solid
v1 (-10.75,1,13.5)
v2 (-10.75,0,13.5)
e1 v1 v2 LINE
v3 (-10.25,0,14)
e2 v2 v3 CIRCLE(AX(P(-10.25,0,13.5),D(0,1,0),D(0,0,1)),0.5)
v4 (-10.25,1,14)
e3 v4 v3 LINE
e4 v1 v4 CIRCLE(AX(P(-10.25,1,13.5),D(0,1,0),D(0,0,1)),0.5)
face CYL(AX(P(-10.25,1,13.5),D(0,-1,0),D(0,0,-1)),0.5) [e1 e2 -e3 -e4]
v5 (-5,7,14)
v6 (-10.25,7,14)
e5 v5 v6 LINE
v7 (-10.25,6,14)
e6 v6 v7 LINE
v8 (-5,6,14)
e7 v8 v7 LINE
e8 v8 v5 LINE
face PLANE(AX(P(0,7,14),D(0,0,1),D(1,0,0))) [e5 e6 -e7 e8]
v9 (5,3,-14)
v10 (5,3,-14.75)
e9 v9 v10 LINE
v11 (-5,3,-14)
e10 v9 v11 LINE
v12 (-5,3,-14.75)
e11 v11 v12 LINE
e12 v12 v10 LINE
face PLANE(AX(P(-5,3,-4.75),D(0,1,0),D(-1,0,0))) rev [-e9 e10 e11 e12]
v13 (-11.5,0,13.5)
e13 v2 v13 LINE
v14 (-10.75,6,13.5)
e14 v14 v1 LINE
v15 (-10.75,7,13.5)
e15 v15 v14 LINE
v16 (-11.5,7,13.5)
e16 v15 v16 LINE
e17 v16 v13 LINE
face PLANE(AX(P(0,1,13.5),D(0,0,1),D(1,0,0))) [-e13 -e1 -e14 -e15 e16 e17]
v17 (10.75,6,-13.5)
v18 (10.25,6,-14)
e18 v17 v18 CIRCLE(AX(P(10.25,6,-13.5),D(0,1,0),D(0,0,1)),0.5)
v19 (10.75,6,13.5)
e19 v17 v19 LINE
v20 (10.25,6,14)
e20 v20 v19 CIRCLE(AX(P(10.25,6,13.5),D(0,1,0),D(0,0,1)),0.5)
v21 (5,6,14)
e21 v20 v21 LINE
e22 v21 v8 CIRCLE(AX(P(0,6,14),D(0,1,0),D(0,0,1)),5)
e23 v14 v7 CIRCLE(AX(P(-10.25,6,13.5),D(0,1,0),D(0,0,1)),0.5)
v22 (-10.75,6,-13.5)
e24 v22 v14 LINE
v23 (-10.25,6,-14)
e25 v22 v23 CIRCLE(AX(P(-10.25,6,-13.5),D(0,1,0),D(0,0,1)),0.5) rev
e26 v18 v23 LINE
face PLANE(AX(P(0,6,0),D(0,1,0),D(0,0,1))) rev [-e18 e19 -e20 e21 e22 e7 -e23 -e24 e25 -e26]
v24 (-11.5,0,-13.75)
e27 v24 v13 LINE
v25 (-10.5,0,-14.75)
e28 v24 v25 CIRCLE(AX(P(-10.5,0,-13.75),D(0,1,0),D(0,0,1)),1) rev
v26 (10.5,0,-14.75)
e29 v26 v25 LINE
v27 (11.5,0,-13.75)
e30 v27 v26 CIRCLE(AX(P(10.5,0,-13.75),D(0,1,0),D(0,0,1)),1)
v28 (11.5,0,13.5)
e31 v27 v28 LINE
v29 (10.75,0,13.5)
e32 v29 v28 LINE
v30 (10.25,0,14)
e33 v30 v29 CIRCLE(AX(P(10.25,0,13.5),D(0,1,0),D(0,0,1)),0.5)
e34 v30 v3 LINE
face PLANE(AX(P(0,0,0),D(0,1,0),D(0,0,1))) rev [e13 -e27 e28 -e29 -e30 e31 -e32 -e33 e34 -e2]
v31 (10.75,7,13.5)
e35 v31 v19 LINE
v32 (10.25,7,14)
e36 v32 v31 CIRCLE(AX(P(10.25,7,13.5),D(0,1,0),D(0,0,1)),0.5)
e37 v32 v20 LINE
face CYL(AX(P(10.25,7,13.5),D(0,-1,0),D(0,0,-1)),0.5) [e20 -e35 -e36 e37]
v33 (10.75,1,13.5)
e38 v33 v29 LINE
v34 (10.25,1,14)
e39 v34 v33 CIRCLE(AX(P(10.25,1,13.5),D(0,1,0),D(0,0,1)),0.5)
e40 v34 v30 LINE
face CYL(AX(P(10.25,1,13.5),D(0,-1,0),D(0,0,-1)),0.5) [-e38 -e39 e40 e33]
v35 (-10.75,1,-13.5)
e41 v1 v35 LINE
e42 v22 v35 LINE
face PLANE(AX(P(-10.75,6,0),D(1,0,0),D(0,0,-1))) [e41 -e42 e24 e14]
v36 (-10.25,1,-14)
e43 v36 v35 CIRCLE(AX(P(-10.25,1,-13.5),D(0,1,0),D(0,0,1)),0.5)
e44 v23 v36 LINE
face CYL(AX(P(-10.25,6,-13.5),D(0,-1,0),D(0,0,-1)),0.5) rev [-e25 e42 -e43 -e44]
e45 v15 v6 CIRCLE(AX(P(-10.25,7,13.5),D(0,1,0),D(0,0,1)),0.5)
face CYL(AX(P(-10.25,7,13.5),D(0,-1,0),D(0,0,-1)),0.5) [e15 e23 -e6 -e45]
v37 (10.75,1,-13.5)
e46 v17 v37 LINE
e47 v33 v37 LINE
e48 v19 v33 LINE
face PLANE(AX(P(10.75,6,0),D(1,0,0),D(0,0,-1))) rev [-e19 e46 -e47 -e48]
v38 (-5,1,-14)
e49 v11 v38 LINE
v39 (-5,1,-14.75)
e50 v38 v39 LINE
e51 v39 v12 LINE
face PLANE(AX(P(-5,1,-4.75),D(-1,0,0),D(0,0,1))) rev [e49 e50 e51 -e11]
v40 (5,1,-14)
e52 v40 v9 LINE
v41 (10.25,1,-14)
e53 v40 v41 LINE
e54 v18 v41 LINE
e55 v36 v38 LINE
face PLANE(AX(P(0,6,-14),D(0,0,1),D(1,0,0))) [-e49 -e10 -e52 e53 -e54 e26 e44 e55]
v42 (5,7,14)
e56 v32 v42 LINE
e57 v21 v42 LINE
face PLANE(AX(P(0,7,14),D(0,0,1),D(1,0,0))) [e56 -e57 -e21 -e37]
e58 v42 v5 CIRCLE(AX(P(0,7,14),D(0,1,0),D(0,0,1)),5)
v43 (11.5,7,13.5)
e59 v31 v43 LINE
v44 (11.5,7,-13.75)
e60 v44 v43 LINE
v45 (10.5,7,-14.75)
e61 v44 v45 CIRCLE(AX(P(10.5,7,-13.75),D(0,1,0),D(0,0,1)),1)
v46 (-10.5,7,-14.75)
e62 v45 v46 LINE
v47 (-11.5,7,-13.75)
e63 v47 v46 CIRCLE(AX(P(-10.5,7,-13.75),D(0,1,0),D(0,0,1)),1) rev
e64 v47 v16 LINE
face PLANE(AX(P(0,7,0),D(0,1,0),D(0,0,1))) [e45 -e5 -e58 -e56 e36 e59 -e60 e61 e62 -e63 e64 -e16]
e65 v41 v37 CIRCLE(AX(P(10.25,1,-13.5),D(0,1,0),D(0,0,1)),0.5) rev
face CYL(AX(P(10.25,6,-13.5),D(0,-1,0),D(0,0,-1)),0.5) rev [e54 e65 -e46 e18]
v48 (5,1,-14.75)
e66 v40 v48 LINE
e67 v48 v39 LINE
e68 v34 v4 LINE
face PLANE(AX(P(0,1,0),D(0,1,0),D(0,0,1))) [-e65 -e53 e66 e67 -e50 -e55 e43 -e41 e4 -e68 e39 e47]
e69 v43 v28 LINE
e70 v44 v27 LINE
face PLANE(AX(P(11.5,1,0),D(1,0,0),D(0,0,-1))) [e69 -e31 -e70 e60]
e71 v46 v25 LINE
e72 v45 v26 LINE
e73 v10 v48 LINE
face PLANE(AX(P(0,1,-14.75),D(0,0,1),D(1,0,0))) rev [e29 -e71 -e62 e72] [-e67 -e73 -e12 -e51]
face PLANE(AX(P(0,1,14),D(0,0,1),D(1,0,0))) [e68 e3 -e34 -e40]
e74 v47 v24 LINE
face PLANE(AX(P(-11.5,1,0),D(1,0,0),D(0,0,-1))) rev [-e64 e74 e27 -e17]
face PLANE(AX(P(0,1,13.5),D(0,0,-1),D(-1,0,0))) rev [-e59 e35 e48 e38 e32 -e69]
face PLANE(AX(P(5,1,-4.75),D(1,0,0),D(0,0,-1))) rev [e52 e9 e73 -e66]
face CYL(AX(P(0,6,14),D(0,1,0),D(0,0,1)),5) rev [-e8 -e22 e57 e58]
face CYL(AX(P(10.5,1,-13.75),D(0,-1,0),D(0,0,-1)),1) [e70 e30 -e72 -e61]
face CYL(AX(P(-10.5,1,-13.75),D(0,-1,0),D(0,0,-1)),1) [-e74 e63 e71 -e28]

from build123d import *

# Parameters (mm, degrees)
BOSS_EXTRUDE23_DEPTH = 1
BOSS_EXTRUDE27_DEPTH = 6
BOSS_EXTRUDE28_START = 6
BOSS_EXTRUDE28_DEPTH = 1
CUT_EXTRUDE9_DEPTH   = 1
SKETCH15_W           = 10
SKETCH15_H           = 2
CUT_EXTRUDE11_DEPTH  = 10


with BuildPart() as part:
    # Sketch10 → Boss-Extrude23 (new body)
    with BuildSketch(Plane(origin=(0, 0, 0), x_dir=(1, 0, 0), z_dir=(0, 1, 0))):
        with BuildLine():
            Line((-11.5, -13.5), (-10.75, -13.5))
            ThreePointArc((-10.75, -13.5), (-10.603553391, -13.853553391), (-10.25, -14))
            Line((-10.25, -14), (10.25, -14))
            ThreePointArc((10.25, -14), (10.603553391, -13.853553391), (10.75, -13.5))
            Line((10.75, -13.5), (11.5, -13.5))
            Line((11.5, -13.5), (11.5, 13.75))
            ThreePointArc((11.5, 13.75), (11.207106781, 14.457106781), (10.5, 14.75))
            Line((10.5, 14.75), (-10.5, 14.75))
            ThreePointArc((-10.5, 14.75), (-11.207106781, 14.457106781), (-11.5, 13.75))
            Line((-11.5, 13.75), (-11.5, -13.5))
        make_face()
    extrude(amount=BOSS_EXTRUDE23_DEPTH)

    # Sketch10<6> → Boss-Extrude27 (add)
    with BuildSketch(Plane(origin=(0, 0, 0), x_dir=(1, 0, 0), z_dir=(0, 1, 0))):
        with BuildLine():
            Line((-11.5, -13.5), (-10.75, -13.5))
            Line((-10.75, -13.5), (-10.75, 13.5))
            ThreePointArc((-10.75, 13.5), (-10.603553391, 13.853553391), (-10.25, 14))
            Line((-10.25, 14), (10.25, 14))
            ThreePointArc((10.25, 14), (10.603553391, 13.853553391), (10.75, 13.5))
            Line((10.75, 13.5), (10.75, -13.5))
            Line((10.75, -13.5), (11.5, -13.5))
            Line((11.5, -13.5), (11.5, 13.75))
            ThreePointArc((11.5, 13.75), (11.207106781, 14.457106781), (10.5, 14.75))
            Line((10.5, 14.75), (4.75, 14.75))
            Line((4.75, 14.75), (-4.75, 14.75))
            Line((-4.75, 14.75), (-10.5, 14.75))
            ThreePointArc((-10.5, 14.75), (-11.207106781, 14.457106781), (-11.5, 13.75))
            Line((-11.5, 13.75), (-11.5, -13.5))
        make_face()
    extrude(amount=BOSS_EXTRUDE27_DEPTH)

    # Sketch10<7> → Boss-Extrude28 (add)
    with BuildSketch(Plane(origin=(0, 0, 0), x_dir=(1, 0, 0), z_dir=(0, 1, 0)).offset(BOSS_EXTRUDE28_START)):
        with BuildLine():
            Line((-11.5, -13.5), (-10.75, -13.5))
            ThreePointArc((-10.75, -13.5), (-10.603553391, -13.853553391), (-10.25, -14))
            Line((-10.25, -14), (10.25, -14))
            ThreePointArc((10.25, -14), (10.603553391, -13.853553391), (10.75, -13.5))
            Line((10.75, -13.5), (11.5, -13.5))
            Line((11.5, -13.5), (11.5, 13.75))
            ThreePointArc((11.5, 13.75), (11.207106781, 14.457106781), (10.5, 14.75))
            Line((10.5, 14.75), (-10.5, 14.75))
            ThreePointArc((-10.5, 14.75), (-11.207106781, 14.457106781), (-11.5, 13.75))
            Line((-11.5, 13.75), (-11.5, -13.5))
        make_face()
    extrude(amount=BOSS_EXTRUDE28_DEPTH)

    # Sketch13 → Cut-Extrude9 (cut)
    with BuildSketch(Plane(origin=(0, 7, 0), x_dir=(1, 0, 0), z_dir=(0, 1, 0))):
        with BuildLine():
            Line((-5, -14), (5, -14))
            ThreePointArc((5, -14), (0, -9), (-5, -14))
        make_face()
    extrude(amount=-CUT_EXTRUDE9_DEPTH, mode=Mode.SUBTRACT)

    # Sketch15 → Cut-Extrude11 (cut)
    with BuildSketch(Plane(origin=(0, 0, -14.75), x_dir=(-1, 0, 0), z_dir=(0, 0, -1))):
        with Locations((0, 2)):
            Rectangle(SKETCH15_W, SKETCH15_H)
    extrude(amount=-CUT_EXTRUDE11_DEPTH, mode=Mode.SUBTRACT)


solid = part.part
